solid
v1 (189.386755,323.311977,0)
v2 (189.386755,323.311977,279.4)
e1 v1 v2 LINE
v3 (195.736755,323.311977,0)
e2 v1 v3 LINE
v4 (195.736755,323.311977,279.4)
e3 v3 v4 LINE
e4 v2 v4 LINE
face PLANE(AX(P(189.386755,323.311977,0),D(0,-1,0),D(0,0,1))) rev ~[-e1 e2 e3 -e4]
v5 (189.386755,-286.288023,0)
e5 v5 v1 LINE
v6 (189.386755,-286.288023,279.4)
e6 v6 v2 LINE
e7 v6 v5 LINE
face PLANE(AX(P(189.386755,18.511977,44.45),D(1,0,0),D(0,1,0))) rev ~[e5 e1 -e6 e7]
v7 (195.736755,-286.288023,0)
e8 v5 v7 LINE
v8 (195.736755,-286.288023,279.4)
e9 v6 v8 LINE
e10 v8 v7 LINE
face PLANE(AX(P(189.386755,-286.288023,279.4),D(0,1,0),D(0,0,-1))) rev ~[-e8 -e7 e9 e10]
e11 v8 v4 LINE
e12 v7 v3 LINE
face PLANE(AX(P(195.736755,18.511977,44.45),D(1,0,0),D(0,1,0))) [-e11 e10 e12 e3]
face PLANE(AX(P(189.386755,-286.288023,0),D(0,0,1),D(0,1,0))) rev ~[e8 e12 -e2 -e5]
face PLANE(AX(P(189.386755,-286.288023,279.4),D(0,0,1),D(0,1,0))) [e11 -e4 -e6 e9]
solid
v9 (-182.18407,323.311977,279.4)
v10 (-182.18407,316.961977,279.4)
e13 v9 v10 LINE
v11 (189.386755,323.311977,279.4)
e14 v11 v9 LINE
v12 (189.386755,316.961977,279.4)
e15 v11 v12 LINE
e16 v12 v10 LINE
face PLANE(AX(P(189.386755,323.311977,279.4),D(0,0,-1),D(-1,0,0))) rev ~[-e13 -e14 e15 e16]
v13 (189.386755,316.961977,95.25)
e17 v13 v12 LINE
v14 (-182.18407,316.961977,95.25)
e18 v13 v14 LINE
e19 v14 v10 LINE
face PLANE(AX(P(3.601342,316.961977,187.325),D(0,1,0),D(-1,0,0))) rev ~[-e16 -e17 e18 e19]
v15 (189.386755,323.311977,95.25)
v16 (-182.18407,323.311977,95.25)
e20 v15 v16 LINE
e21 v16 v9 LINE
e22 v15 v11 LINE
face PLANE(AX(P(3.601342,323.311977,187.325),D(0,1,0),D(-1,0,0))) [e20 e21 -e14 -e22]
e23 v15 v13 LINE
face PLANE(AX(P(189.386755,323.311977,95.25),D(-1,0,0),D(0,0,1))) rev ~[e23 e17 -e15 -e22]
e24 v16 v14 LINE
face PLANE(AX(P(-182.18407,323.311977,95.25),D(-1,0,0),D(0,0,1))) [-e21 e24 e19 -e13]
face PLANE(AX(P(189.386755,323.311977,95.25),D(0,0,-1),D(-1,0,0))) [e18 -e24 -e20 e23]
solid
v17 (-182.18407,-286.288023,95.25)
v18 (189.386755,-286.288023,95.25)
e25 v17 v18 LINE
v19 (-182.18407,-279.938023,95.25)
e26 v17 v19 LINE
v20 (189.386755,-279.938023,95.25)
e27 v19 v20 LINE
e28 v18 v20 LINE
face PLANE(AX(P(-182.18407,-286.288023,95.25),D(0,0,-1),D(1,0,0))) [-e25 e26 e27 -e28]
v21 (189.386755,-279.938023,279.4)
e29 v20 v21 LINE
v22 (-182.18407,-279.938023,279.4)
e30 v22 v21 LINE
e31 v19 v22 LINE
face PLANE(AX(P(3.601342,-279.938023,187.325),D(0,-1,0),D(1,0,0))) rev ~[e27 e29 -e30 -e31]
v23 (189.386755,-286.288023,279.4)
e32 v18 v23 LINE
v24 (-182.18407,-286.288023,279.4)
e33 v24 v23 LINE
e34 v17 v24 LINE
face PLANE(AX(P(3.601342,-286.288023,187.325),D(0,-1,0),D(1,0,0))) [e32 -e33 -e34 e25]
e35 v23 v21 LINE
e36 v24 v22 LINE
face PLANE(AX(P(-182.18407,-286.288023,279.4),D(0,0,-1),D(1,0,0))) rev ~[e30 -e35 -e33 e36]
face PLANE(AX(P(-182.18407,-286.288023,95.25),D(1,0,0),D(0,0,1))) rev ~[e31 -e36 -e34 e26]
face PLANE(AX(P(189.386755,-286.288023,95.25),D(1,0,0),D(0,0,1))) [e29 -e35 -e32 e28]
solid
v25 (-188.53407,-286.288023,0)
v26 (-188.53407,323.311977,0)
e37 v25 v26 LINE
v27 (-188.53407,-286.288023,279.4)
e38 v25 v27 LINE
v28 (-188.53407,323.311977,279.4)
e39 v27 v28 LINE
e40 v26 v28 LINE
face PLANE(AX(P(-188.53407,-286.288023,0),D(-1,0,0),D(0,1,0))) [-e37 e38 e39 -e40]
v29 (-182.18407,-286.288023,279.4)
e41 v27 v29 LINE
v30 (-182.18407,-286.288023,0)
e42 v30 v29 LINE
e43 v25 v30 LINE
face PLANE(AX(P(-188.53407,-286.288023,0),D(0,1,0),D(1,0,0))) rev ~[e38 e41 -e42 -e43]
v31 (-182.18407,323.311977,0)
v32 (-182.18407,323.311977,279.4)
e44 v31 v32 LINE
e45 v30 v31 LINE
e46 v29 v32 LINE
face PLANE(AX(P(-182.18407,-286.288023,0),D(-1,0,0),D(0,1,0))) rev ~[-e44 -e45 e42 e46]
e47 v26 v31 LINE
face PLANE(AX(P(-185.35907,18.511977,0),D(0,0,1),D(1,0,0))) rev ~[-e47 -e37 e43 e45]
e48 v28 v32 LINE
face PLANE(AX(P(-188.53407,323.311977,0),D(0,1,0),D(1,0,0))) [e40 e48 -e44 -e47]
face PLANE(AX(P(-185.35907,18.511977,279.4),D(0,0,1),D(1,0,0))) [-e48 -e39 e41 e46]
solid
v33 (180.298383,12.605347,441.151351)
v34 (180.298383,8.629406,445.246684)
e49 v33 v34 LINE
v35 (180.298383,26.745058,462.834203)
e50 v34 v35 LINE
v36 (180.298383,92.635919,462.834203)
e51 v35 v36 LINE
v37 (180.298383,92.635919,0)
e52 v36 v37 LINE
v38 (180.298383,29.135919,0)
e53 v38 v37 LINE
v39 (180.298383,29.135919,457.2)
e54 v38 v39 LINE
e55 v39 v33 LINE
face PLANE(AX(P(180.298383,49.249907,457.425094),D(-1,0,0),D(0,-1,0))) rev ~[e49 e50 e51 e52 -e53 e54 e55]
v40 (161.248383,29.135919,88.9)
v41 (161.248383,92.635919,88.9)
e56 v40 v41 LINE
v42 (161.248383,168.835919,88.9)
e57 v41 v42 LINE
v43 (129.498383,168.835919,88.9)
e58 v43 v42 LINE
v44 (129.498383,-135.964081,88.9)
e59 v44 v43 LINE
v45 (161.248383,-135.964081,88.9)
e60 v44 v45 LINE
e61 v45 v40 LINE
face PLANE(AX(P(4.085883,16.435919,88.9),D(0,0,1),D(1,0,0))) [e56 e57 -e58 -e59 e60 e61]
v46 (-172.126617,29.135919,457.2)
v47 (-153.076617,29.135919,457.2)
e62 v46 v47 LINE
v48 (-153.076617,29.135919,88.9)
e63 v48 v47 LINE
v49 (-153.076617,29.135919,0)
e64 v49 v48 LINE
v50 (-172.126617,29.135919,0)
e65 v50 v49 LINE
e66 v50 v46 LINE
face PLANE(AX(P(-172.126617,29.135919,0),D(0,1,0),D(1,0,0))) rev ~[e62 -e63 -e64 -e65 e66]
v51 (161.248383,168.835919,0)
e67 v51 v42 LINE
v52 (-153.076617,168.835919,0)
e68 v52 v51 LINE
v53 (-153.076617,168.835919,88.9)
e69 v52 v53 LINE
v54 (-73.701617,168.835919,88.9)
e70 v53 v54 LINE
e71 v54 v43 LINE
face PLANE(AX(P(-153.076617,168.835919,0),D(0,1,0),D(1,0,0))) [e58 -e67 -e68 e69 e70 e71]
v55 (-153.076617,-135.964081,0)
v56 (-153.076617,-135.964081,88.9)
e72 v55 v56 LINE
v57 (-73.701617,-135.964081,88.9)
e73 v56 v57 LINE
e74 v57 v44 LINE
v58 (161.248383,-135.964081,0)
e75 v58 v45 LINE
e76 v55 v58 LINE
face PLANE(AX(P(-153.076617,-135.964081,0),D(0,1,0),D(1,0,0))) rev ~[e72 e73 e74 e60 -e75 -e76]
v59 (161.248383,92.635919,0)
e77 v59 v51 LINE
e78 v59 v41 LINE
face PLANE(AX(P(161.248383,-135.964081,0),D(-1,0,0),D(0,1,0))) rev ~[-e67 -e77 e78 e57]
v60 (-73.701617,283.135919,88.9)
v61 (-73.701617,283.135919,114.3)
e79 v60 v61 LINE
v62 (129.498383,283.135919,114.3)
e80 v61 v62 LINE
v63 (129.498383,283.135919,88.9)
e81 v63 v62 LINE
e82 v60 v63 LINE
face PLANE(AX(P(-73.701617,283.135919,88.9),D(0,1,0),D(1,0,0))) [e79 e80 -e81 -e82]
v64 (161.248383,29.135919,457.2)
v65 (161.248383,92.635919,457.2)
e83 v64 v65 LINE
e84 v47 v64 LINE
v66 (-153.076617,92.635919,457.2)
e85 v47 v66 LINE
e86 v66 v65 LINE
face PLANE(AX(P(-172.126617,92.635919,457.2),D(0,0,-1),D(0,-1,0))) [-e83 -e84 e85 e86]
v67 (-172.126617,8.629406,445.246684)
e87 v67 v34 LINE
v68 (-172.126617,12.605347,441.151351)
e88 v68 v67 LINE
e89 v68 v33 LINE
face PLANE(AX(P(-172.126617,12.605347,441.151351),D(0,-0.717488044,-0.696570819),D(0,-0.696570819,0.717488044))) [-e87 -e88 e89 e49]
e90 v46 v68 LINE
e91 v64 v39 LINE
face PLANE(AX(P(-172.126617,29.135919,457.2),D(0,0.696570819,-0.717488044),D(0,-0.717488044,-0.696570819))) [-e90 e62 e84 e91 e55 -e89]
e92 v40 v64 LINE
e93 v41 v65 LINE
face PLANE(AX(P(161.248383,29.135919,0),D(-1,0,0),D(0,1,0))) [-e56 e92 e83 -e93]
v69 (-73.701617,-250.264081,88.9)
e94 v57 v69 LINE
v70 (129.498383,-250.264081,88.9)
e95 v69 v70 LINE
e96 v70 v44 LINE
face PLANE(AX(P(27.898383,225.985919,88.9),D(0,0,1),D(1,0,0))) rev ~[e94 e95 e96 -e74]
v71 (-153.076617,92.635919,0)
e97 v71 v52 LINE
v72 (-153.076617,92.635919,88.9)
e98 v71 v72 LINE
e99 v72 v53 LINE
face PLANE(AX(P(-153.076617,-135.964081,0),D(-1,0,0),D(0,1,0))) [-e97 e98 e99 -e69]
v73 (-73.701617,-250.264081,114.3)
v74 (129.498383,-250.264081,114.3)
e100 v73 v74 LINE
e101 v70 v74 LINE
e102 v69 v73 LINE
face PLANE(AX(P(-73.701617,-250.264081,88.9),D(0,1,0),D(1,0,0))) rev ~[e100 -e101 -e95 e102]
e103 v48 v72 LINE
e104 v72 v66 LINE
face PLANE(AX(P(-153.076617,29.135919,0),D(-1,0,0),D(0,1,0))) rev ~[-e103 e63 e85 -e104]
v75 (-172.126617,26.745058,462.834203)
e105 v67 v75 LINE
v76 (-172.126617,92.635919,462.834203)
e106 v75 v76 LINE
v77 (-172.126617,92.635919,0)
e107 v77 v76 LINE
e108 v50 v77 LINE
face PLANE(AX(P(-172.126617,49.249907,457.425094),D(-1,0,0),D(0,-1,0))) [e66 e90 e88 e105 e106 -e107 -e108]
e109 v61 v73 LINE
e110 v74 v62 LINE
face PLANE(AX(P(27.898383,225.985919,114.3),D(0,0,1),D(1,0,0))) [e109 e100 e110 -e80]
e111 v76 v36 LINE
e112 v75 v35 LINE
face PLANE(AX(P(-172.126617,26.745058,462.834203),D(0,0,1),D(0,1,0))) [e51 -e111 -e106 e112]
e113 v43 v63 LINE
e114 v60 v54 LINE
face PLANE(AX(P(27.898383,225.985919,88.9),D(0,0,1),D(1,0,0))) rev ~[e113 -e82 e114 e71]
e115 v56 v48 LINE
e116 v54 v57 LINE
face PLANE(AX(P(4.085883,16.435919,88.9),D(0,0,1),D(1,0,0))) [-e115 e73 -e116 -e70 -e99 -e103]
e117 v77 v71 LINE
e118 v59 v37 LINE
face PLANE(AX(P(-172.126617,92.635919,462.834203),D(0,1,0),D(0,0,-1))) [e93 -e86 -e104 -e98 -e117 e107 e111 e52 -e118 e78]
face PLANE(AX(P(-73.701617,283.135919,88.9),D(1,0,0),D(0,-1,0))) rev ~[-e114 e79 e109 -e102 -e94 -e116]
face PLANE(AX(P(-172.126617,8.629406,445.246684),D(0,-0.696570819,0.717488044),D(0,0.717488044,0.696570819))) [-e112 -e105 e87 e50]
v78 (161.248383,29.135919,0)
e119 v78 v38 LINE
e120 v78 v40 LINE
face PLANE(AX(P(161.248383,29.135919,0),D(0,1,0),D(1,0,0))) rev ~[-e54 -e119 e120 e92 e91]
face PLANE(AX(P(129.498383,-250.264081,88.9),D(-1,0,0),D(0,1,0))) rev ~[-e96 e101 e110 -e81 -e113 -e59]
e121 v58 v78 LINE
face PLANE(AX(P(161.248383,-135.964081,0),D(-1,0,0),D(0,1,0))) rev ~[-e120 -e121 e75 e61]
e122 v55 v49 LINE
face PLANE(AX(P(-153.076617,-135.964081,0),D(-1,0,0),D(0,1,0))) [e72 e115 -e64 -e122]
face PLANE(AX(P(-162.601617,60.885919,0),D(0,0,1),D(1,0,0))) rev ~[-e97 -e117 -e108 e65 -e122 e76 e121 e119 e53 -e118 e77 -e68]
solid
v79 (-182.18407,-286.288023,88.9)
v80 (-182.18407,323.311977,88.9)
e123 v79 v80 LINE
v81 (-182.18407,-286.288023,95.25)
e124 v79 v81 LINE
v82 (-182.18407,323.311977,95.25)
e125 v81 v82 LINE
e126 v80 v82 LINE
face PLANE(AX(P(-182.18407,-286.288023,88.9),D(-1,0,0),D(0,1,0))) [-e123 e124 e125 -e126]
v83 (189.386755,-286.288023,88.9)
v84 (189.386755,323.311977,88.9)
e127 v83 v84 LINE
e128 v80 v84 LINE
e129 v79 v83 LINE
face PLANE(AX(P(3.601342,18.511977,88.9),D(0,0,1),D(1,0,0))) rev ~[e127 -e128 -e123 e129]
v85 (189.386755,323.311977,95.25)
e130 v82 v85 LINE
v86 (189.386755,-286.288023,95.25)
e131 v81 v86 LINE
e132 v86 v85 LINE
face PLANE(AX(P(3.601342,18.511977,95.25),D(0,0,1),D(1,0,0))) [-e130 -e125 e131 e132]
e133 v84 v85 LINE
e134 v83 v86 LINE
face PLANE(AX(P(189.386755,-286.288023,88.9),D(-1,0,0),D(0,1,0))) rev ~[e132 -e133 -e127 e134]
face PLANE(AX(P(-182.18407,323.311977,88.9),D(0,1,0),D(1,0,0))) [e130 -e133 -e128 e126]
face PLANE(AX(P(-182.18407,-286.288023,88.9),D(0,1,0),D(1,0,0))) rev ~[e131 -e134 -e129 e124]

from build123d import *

# Parameters (mm, degrees)
F0_W      = 314.325
F0_H      = 304.8
F1_DEPTH  = 88.9
F2_W      = 203.2
F2_H      = 114.3
F2_H_2    = 304.8
F3_DEPTH  = 25.4
F4_W      = 19.05
F4_H      = 63.5
F5_DEPTH  = 457.2
F7_DEPTH  = 352.425
F8_W      = 6.35
F8_H      = 609.6
F9_DEPTH  = 279.4
F10_W     = 371.5708255768
F10_H     = 609.6
F11_DEPTH = 6.35
F12_W     = 371.5708255768
F12_H     = 184.15
F13_DEPTH = 6.35
F14_W     = 609.6
F14_H     = 88.9
F14_H_2   = 6.35
F14_H_3   = 184.15
F15_DEPTH = 6.35
F16_W     = 371.5708255768
F16_H     = 184.15
F17_DEPTH = 6.35


with BuildPart() as f1:
    # F0 (on Top) → F1 (new body)
    with BuildSketch(Plane.XY):
        with Locations((4.0858834982, 16.4359185861)):
            Rectangle(F0_W, F0_H)
    extrude(amount=F1_DEPTH)

    # F2 (on face) → F3 (join)
    with BuildSketch(Plane.XY.offset(88.9)):
        with Locations((27.8983834982, 225.9859185861)):
            Rectangle(F2_W, F2_H)
        with Locations((27.8983834982, 16.4359185861)):
            Rectangle(F2_W, F2_H_2)
        with Locations((27.8983834982, -193.1140814139)):
            Rectangle(F2_W, F2_H)
    extrude(amount=F3_DEPTH)

    # F4 (on Top) → F5 (join)
    with BuildSketch(Plane.XY):
        with Locations((-162.6016165018, 60.8859185861)):
            Rectangle(F4_W, F4_H)
        with Locations((170.7733834982, 60.8859185861)):
            Rectangle(F4_W, F4_H)
    extrude(amount=F5_DEPTH)

    # F6 (on face) → F7 (join)
    with BuildSketch(Plane(origin=(-172.1266165018, 0, 0), x_dir=(0, -1, 0), z_dir=(-1, 0, 0))):
        Polygon((-92.6359185861, 462.8342034762), (-92.6359185861, 457.2), (-29.1359185861, 457.2), (-12.6053467393, 441.1513507366), (-8.629405934, 445.2466844972), (-26.745057994, 462.8342034762), align=None)
    extrude(amount=-F7_DEPTH)


with BuildPart() as f9:
    # F8 (on Top) → F9 (new body)
    with BuildSketch(Plane.XY):
        with Locations((-185.3590703487, 18.511977005)):
            Rectangle(F8_W, F8_H)
    extrude(amount=F9_DEPTH)


with BuildPart() as f11:
    # F10 (on face) → F11 (new body)
    with BuildSketch(Plane.XY.offset(88.9)):
        with Locations((3.6013424397, 18.511977005)):
            Rectangle(F10_W, F10_H)
        Polygon((-73.7016165018, 168.8359185861), (-73.7016165018, -135.9640814139), (-153.0766165018, -135.9640814139), (-153.0766165018, 29.1359185861), (-153.0766165018, 92.6359185861), (-153.0766165018, 168.8359185861), align=None, mode=Mode.SUBTRACT)
        Polygon((-153.0766165018, -135.9640814139), (-73.7016165018, -135.9640814139), (-73.7016165018, 168.8359185861), (-153.0766165018, 168.8359185861), (-153.0766165018, 92.6359185861), (-153.0766165018, 29.1359185861), align=None)
    extrude(amount=F11_DEPTH)


with BuildPart() as f13:
    # F12 (on face) → F13 (new body)
    with BuildSketch(Plane.XZ.offset(286.288022995)):
        with Locations((3.6013424397, 187.325)):
            Rectangle(F12_W, F12_H)
    extrude(amount=-F13_DEPTH)


with BuildPart() as f15:
    # F14 (on face) → F15 (new body)
    with BuildSketch(Plane.YZ.offset(189.386755228)):
        with Locations((18.511977005, 44.45)):
            Rectangle(F14_W, F14_H)
        with Locations((18.511977005, 92.075)):
            Rectangle(F14_W, F14_H_2)
        with Locations((18.511977005, 187.325)):
            Rectangle(F14_W, F14_H_3)
    extrude(amount=F15_DEPTH)


with BuildPart() as f17:
    # F16 (on face) → F17 (new body)
    with BuildSketch(Plane(origin=(0, 323.311977005, 0), x_dir=(-1, 0, 0), z_dir=(0, 1, 0))):
        with Locations((-3.6013424397, 187.325)):
            Rectangle(F16_W, F16_H)
    extrude(amount=-F17_DEPTH)


solid = Compound([f1.part, f9.part, f11.part, f13.part, f15.part, f17.part])
